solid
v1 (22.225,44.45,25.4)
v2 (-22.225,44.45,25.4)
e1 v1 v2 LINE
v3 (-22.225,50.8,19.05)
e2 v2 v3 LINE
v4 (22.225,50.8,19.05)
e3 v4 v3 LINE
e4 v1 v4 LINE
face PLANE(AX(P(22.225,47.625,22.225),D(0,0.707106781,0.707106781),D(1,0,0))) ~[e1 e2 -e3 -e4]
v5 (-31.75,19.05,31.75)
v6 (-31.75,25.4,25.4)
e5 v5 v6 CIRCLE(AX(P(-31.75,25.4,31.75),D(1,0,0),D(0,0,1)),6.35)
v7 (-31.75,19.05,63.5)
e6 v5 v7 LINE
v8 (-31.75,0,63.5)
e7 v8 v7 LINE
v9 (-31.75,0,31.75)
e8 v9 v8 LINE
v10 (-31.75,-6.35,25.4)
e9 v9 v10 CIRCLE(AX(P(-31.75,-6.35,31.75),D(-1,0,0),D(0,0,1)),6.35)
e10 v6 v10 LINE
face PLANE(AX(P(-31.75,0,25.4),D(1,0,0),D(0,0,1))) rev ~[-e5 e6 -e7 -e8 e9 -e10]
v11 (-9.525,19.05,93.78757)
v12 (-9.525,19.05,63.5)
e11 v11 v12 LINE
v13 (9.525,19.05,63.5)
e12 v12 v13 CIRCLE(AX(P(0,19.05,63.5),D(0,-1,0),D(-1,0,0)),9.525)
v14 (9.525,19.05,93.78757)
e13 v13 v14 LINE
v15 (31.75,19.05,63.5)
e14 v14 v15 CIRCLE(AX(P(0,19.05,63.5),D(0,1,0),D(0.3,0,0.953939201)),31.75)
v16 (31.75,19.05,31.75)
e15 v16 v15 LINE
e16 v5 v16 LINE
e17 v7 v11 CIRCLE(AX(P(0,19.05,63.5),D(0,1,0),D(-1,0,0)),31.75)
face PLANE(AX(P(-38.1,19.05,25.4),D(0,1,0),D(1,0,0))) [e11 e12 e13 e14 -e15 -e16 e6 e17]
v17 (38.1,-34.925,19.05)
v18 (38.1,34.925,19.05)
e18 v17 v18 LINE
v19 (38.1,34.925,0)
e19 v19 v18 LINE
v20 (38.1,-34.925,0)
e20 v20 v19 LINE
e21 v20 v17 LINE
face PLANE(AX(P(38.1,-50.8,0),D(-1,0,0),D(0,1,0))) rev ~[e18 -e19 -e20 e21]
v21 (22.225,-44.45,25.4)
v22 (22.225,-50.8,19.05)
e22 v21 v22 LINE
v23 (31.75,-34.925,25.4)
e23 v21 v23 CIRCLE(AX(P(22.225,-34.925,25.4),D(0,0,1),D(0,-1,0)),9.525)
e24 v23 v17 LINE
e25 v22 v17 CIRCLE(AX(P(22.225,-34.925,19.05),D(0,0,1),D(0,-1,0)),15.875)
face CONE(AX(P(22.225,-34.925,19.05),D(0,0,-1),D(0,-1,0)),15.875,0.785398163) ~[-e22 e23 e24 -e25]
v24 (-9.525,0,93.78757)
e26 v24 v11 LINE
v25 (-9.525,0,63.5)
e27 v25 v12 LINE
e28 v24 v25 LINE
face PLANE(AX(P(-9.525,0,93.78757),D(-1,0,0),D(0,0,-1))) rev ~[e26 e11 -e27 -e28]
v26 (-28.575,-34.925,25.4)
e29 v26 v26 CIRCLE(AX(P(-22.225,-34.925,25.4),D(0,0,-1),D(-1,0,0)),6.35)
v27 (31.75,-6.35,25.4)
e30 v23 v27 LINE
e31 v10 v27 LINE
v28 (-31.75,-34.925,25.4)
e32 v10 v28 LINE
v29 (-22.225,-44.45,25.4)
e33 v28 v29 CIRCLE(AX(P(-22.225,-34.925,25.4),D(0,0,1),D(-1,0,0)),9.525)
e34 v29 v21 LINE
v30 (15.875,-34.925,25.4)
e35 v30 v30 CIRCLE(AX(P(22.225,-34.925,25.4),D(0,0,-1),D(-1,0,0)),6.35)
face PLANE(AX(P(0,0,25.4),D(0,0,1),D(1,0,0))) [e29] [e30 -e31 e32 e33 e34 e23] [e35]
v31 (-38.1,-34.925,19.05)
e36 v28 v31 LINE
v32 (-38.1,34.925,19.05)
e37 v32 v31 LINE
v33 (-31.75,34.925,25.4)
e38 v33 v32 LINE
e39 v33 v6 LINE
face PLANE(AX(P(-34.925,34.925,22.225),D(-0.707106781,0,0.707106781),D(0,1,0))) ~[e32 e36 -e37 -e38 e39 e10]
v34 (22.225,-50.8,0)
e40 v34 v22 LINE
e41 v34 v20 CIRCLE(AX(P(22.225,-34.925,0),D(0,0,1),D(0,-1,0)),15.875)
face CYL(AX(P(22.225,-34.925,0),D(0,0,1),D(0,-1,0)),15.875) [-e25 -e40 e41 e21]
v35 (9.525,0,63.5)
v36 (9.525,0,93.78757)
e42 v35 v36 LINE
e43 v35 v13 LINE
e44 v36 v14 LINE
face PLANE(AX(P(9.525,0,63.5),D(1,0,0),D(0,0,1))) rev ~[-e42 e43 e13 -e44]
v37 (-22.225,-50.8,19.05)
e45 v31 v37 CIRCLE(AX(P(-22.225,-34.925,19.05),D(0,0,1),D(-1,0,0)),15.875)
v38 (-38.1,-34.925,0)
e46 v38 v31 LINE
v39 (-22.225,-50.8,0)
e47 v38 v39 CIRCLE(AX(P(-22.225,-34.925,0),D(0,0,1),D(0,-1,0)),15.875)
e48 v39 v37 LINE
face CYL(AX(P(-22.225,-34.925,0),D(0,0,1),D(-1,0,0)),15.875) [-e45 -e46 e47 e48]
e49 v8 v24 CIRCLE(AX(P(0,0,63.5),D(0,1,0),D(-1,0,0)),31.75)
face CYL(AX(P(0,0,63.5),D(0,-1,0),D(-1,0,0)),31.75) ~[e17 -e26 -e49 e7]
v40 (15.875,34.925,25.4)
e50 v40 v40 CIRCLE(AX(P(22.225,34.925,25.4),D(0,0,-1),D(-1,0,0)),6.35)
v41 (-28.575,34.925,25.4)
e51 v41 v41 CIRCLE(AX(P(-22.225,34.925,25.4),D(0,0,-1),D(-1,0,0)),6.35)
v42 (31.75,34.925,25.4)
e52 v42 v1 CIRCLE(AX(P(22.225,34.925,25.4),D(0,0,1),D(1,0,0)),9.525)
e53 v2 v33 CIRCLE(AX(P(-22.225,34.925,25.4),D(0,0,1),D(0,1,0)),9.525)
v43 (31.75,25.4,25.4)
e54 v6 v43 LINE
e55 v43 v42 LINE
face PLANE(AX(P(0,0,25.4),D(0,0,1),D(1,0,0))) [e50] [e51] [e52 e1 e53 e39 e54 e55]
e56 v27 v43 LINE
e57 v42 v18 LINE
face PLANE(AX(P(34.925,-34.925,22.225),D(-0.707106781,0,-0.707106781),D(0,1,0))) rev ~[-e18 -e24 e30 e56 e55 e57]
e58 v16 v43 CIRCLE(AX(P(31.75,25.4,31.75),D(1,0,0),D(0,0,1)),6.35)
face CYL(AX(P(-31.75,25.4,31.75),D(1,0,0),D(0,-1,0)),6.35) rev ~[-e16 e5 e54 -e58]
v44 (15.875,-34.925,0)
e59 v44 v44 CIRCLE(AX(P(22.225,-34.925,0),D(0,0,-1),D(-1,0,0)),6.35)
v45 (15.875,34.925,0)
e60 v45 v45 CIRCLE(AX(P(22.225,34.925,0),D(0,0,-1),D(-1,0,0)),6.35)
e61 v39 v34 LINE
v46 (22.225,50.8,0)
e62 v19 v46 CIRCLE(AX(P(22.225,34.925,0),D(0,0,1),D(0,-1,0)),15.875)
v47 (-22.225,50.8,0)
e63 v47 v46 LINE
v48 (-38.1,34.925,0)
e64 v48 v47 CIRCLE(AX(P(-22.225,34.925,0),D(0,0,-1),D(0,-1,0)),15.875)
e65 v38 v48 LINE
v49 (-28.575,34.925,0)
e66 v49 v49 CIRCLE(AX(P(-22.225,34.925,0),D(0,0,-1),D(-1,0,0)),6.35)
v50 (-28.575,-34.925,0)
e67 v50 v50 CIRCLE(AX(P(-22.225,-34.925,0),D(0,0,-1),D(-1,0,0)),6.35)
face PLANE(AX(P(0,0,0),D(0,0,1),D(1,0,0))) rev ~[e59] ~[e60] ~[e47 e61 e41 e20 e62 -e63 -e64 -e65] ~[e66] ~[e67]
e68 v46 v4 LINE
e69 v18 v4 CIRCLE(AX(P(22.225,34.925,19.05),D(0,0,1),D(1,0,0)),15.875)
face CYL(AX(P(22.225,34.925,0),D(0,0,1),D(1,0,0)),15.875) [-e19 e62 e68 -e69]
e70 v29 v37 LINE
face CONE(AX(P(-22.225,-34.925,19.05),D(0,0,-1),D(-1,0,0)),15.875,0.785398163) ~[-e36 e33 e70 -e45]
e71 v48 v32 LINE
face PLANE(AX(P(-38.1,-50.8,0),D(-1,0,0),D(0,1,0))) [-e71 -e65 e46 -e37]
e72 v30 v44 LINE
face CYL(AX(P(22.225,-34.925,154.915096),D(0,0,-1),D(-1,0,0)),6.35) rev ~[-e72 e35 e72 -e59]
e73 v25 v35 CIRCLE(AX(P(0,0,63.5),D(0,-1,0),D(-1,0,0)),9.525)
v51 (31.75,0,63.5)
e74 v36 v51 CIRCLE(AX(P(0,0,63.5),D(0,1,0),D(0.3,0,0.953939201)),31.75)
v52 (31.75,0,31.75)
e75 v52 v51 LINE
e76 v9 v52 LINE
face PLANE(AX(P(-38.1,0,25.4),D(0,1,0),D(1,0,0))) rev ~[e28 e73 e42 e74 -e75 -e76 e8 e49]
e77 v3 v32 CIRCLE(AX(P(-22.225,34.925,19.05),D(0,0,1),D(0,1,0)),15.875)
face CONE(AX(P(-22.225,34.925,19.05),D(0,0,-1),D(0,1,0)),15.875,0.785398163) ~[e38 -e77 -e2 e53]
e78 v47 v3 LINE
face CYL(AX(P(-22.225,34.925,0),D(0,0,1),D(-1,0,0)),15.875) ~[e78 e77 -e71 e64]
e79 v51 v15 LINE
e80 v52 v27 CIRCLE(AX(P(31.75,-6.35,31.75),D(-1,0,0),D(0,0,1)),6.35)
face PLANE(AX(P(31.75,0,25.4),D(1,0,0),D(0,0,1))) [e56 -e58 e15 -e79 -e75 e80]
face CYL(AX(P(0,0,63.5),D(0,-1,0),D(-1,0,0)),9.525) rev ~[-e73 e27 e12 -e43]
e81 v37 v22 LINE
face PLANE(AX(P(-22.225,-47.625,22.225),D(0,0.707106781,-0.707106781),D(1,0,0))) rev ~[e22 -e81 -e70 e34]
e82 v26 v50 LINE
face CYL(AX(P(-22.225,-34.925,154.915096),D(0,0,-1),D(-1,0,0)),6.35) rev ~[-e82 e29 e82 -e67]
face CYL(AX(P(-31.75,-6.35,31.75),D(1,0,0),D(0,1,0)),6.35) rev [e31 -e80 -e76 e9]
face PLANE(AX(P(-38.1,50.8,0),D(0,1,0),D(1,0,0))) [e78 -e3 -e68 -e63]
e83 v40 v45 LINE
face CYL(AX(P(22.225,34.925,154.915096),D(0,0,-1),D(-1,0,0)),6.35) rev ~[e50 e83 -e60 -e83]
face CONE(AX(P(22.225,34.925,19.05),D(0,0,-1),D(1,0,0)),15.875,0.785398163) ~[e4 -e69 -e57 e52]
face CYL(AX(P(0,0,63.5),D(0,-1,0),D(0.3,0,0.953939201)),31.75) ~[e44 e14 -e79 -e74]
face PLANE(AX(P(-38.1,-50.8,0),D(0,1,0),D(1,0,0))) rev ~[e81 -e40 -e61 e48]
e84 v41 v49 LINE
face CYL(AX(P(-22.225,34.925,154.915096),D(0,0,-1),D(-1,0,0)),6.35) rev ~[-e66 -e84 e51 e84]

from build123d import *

# Parameters (mm, degrees)
F0_W      = 76.2
F0_H      = 101.6
F1_DEPTH  = 25.4
F3_R      = 15.875
F4_SIZE   = 6.35
F5_D      = 12.7
F2_W      = 76.2
F2_H      = 19.05
F6_DEPTH  = 69.85
F7_W      = 6.35
F7_H      = 69.85
F8_DEPTH  = 19.05
F10_R     = 6.35
F11_DEPTH = 19.05
F12_DEPTH = 19.05


with BuildPart() as f1:
    # F0 (on Top) → F1 (new body)
    with BuildSketch(Plane.XY):
        Rectangle(F0_W, F0_H)
    extrude(amount=F1_DEPTH)

    # F3
    f3_edges = [f1.edges().sort_by_distance(p)[0] for p in [
        (38.1, 50.8, 12.7),
        (-38.1, 50.8, 12.7),
        (-38.1, -50.8, 12.7),
        (38.1, -50.8, 12.7),
    ]]
    fillet(f3_edges, radius=F3_R)

    # F4
    f4_edges = [f1.edges().sort_by_distance(p)[0] for p in [
        (38.1, 0, 25.4),
        (33.45032, -46.15032, 25.4),
        (33.45032, 46.15032, 25.4),
        (0, -50.8, 25.4),
        (0, 50.8, 25.4),
        (-33.45032, -46.15032, 25.4),
        (-33.45032, 46.15032, 25.4),
        (-38.1, 0, 25.4),
    ]]
    chamfer(f4_edges, length=F4_SIZE)

    # F5 (through all)
    with Locations(Plane.XY.offset(25.4)):
        with Locations((-22.225, 34.925), (22.225, 34.925), (22.225, -34.925), (-22.225, -34.925)):
            Hole(F5_D / 2)

    # F2 (on face) → F6 (join)
    with BuildSketch(Plane.XY.offset(25.4)):
        with Locations((0, 9.525)):
            Rectangle(F2_W, F2_H)
    extrude(amount=F6_DEPTH)

    # F7 (on face) → F8 (cut)
    with BuildSketch(Plane.XZ):
        with Locations((-34.925, 60.325)):
            Rectangle(F7_W, F7_H)
        with Locations((34.925, 60.325)):
            Rectangle(F7_W, F7_H)
    extrude(amount=-F8_DEPTH, mode=Mode.SUBTRACT)

    # F10
    f10_edges = [f1.edges().sort_by_distance(p)[0] for p in [
        (0, 0, 25.4),
        (0, 19.05, 25.4),
    ]]
    fillet(f10_edges, radius=F10_R)

    # F9 (on face) → F11 (cut)
    with BuildSketch(Plane.XZ):
        with BuildLine():
            Line((-9.525, 95.25), (-9.525, 93.787569645))
            ThreePointArc((-9.525, 93.787569645), (-4.8183070518, 94.8822627794), (-2.014e-07, 95.25))
            Line((-2.014e-07, 95.25), (-9.525, 95.25))
        make_face()
        with BuildLine():
            ThreePointArc((-2.014e-07, 95.25), (4.8183068527, 94.88226281), (9.525, 93.787569645))
            Line((9.525, 93.787569645), (9.525, 95.25))
            Line((9.525, 95.25), (-2.014e-07, 95.25))
        make_face()
        with BuildLine():
            Line((-31.75, 95.25), (-31.75, 63.5))
            ThreePointArc((-31.75, 63.5), (-25.5976683508, 82.2835533113), (-9.525, 93.787569645))
            Line((-9.525, 93.787569645), (-9.525, 95.25))
            Line((-9.525, 95.25), (-31.75, 95.25))
        make_face()
        with BuildLine():
            ThreePointArc((9.525, 93.787569645), (25.5976683508, 82.2835533113), (31.75, 63.5))
            Line((31.75, 63.5), (31.75, 95.25))
            Line((31.75, 95.25), (9.525, 95.25))
            Line((9.525, 95.25), (9.525, 93.787569645))
        make_face()
        with BuildLine():
            Line((-9.525, 93.787569645), (-9.525, 63.5))
            ThreePointArc((-9.525, 63.5), (0, 73.025), (9.525, 63.5))
            Line((9.525, 63.5), (9.525, 93.787569645))
            ThreePointArc((9.525, 93.787569645), (4.8183068527, 94.88226281), (-2.014e-07, 95.25))
            ThreePointArc((-2.014e-07, 95.25), (-4.8183070518, 94.8822627794), (-9.525, 93.787569645))
        make_face()
        with BuildLine():
            ThreePointArc((-9.525, 63.5), (-6.7351920908, 56.7648079092), (0, 53.975))
            ThreePointArc((0, 53.975), (6.7351920908, 56.7648079092), (9.525, 63.5))
            ThreePointArc((9.525, 63.5), (0, 73.025), (-9.525, 63.5))
        make_face()
    extrude(amount=-F11_DEPTH, mode=Mode.SUBTRACT)

    # F9 (on face) → F12 (cut)
    with BuildSketch(Plane.XZ):
        with BuildLine():
            Line((-9.525, 93.787569645), (-9.525, 63.5))
            ThreePointArc((-9.525, 63.5), (0, 73.025), (9.525, 63.5))
            Line((9.525, 63.5), (9.525, 93.787569645))
            ThreePointArc((9.525, 93.787569645), (4.8183068527, 94.88226281), (-2.014e-07, 95.25))
            ThreePointArc((-2.014e-07, 95.25), (-4.8183070518, 94.8822627794), (-9.525, 93.787569645))
        make_face()
        with BuildLine():
            ThreePointArc((-9.525, 63.5), (-6.7351920908, 56.7648079092), (0, 53.975))
            ThreePointArc((0, 53.975), (6.7351920908, 56.7648079092), (9.525, 63.5))
            ThreePointArc((9.525, 63.5), (0, 73.025), (-9.525, 63.5))
        make_face()
    extrude(amount=-F12_DEPTH, mode=Mode.SUBTRACT)


solid = f1.part
